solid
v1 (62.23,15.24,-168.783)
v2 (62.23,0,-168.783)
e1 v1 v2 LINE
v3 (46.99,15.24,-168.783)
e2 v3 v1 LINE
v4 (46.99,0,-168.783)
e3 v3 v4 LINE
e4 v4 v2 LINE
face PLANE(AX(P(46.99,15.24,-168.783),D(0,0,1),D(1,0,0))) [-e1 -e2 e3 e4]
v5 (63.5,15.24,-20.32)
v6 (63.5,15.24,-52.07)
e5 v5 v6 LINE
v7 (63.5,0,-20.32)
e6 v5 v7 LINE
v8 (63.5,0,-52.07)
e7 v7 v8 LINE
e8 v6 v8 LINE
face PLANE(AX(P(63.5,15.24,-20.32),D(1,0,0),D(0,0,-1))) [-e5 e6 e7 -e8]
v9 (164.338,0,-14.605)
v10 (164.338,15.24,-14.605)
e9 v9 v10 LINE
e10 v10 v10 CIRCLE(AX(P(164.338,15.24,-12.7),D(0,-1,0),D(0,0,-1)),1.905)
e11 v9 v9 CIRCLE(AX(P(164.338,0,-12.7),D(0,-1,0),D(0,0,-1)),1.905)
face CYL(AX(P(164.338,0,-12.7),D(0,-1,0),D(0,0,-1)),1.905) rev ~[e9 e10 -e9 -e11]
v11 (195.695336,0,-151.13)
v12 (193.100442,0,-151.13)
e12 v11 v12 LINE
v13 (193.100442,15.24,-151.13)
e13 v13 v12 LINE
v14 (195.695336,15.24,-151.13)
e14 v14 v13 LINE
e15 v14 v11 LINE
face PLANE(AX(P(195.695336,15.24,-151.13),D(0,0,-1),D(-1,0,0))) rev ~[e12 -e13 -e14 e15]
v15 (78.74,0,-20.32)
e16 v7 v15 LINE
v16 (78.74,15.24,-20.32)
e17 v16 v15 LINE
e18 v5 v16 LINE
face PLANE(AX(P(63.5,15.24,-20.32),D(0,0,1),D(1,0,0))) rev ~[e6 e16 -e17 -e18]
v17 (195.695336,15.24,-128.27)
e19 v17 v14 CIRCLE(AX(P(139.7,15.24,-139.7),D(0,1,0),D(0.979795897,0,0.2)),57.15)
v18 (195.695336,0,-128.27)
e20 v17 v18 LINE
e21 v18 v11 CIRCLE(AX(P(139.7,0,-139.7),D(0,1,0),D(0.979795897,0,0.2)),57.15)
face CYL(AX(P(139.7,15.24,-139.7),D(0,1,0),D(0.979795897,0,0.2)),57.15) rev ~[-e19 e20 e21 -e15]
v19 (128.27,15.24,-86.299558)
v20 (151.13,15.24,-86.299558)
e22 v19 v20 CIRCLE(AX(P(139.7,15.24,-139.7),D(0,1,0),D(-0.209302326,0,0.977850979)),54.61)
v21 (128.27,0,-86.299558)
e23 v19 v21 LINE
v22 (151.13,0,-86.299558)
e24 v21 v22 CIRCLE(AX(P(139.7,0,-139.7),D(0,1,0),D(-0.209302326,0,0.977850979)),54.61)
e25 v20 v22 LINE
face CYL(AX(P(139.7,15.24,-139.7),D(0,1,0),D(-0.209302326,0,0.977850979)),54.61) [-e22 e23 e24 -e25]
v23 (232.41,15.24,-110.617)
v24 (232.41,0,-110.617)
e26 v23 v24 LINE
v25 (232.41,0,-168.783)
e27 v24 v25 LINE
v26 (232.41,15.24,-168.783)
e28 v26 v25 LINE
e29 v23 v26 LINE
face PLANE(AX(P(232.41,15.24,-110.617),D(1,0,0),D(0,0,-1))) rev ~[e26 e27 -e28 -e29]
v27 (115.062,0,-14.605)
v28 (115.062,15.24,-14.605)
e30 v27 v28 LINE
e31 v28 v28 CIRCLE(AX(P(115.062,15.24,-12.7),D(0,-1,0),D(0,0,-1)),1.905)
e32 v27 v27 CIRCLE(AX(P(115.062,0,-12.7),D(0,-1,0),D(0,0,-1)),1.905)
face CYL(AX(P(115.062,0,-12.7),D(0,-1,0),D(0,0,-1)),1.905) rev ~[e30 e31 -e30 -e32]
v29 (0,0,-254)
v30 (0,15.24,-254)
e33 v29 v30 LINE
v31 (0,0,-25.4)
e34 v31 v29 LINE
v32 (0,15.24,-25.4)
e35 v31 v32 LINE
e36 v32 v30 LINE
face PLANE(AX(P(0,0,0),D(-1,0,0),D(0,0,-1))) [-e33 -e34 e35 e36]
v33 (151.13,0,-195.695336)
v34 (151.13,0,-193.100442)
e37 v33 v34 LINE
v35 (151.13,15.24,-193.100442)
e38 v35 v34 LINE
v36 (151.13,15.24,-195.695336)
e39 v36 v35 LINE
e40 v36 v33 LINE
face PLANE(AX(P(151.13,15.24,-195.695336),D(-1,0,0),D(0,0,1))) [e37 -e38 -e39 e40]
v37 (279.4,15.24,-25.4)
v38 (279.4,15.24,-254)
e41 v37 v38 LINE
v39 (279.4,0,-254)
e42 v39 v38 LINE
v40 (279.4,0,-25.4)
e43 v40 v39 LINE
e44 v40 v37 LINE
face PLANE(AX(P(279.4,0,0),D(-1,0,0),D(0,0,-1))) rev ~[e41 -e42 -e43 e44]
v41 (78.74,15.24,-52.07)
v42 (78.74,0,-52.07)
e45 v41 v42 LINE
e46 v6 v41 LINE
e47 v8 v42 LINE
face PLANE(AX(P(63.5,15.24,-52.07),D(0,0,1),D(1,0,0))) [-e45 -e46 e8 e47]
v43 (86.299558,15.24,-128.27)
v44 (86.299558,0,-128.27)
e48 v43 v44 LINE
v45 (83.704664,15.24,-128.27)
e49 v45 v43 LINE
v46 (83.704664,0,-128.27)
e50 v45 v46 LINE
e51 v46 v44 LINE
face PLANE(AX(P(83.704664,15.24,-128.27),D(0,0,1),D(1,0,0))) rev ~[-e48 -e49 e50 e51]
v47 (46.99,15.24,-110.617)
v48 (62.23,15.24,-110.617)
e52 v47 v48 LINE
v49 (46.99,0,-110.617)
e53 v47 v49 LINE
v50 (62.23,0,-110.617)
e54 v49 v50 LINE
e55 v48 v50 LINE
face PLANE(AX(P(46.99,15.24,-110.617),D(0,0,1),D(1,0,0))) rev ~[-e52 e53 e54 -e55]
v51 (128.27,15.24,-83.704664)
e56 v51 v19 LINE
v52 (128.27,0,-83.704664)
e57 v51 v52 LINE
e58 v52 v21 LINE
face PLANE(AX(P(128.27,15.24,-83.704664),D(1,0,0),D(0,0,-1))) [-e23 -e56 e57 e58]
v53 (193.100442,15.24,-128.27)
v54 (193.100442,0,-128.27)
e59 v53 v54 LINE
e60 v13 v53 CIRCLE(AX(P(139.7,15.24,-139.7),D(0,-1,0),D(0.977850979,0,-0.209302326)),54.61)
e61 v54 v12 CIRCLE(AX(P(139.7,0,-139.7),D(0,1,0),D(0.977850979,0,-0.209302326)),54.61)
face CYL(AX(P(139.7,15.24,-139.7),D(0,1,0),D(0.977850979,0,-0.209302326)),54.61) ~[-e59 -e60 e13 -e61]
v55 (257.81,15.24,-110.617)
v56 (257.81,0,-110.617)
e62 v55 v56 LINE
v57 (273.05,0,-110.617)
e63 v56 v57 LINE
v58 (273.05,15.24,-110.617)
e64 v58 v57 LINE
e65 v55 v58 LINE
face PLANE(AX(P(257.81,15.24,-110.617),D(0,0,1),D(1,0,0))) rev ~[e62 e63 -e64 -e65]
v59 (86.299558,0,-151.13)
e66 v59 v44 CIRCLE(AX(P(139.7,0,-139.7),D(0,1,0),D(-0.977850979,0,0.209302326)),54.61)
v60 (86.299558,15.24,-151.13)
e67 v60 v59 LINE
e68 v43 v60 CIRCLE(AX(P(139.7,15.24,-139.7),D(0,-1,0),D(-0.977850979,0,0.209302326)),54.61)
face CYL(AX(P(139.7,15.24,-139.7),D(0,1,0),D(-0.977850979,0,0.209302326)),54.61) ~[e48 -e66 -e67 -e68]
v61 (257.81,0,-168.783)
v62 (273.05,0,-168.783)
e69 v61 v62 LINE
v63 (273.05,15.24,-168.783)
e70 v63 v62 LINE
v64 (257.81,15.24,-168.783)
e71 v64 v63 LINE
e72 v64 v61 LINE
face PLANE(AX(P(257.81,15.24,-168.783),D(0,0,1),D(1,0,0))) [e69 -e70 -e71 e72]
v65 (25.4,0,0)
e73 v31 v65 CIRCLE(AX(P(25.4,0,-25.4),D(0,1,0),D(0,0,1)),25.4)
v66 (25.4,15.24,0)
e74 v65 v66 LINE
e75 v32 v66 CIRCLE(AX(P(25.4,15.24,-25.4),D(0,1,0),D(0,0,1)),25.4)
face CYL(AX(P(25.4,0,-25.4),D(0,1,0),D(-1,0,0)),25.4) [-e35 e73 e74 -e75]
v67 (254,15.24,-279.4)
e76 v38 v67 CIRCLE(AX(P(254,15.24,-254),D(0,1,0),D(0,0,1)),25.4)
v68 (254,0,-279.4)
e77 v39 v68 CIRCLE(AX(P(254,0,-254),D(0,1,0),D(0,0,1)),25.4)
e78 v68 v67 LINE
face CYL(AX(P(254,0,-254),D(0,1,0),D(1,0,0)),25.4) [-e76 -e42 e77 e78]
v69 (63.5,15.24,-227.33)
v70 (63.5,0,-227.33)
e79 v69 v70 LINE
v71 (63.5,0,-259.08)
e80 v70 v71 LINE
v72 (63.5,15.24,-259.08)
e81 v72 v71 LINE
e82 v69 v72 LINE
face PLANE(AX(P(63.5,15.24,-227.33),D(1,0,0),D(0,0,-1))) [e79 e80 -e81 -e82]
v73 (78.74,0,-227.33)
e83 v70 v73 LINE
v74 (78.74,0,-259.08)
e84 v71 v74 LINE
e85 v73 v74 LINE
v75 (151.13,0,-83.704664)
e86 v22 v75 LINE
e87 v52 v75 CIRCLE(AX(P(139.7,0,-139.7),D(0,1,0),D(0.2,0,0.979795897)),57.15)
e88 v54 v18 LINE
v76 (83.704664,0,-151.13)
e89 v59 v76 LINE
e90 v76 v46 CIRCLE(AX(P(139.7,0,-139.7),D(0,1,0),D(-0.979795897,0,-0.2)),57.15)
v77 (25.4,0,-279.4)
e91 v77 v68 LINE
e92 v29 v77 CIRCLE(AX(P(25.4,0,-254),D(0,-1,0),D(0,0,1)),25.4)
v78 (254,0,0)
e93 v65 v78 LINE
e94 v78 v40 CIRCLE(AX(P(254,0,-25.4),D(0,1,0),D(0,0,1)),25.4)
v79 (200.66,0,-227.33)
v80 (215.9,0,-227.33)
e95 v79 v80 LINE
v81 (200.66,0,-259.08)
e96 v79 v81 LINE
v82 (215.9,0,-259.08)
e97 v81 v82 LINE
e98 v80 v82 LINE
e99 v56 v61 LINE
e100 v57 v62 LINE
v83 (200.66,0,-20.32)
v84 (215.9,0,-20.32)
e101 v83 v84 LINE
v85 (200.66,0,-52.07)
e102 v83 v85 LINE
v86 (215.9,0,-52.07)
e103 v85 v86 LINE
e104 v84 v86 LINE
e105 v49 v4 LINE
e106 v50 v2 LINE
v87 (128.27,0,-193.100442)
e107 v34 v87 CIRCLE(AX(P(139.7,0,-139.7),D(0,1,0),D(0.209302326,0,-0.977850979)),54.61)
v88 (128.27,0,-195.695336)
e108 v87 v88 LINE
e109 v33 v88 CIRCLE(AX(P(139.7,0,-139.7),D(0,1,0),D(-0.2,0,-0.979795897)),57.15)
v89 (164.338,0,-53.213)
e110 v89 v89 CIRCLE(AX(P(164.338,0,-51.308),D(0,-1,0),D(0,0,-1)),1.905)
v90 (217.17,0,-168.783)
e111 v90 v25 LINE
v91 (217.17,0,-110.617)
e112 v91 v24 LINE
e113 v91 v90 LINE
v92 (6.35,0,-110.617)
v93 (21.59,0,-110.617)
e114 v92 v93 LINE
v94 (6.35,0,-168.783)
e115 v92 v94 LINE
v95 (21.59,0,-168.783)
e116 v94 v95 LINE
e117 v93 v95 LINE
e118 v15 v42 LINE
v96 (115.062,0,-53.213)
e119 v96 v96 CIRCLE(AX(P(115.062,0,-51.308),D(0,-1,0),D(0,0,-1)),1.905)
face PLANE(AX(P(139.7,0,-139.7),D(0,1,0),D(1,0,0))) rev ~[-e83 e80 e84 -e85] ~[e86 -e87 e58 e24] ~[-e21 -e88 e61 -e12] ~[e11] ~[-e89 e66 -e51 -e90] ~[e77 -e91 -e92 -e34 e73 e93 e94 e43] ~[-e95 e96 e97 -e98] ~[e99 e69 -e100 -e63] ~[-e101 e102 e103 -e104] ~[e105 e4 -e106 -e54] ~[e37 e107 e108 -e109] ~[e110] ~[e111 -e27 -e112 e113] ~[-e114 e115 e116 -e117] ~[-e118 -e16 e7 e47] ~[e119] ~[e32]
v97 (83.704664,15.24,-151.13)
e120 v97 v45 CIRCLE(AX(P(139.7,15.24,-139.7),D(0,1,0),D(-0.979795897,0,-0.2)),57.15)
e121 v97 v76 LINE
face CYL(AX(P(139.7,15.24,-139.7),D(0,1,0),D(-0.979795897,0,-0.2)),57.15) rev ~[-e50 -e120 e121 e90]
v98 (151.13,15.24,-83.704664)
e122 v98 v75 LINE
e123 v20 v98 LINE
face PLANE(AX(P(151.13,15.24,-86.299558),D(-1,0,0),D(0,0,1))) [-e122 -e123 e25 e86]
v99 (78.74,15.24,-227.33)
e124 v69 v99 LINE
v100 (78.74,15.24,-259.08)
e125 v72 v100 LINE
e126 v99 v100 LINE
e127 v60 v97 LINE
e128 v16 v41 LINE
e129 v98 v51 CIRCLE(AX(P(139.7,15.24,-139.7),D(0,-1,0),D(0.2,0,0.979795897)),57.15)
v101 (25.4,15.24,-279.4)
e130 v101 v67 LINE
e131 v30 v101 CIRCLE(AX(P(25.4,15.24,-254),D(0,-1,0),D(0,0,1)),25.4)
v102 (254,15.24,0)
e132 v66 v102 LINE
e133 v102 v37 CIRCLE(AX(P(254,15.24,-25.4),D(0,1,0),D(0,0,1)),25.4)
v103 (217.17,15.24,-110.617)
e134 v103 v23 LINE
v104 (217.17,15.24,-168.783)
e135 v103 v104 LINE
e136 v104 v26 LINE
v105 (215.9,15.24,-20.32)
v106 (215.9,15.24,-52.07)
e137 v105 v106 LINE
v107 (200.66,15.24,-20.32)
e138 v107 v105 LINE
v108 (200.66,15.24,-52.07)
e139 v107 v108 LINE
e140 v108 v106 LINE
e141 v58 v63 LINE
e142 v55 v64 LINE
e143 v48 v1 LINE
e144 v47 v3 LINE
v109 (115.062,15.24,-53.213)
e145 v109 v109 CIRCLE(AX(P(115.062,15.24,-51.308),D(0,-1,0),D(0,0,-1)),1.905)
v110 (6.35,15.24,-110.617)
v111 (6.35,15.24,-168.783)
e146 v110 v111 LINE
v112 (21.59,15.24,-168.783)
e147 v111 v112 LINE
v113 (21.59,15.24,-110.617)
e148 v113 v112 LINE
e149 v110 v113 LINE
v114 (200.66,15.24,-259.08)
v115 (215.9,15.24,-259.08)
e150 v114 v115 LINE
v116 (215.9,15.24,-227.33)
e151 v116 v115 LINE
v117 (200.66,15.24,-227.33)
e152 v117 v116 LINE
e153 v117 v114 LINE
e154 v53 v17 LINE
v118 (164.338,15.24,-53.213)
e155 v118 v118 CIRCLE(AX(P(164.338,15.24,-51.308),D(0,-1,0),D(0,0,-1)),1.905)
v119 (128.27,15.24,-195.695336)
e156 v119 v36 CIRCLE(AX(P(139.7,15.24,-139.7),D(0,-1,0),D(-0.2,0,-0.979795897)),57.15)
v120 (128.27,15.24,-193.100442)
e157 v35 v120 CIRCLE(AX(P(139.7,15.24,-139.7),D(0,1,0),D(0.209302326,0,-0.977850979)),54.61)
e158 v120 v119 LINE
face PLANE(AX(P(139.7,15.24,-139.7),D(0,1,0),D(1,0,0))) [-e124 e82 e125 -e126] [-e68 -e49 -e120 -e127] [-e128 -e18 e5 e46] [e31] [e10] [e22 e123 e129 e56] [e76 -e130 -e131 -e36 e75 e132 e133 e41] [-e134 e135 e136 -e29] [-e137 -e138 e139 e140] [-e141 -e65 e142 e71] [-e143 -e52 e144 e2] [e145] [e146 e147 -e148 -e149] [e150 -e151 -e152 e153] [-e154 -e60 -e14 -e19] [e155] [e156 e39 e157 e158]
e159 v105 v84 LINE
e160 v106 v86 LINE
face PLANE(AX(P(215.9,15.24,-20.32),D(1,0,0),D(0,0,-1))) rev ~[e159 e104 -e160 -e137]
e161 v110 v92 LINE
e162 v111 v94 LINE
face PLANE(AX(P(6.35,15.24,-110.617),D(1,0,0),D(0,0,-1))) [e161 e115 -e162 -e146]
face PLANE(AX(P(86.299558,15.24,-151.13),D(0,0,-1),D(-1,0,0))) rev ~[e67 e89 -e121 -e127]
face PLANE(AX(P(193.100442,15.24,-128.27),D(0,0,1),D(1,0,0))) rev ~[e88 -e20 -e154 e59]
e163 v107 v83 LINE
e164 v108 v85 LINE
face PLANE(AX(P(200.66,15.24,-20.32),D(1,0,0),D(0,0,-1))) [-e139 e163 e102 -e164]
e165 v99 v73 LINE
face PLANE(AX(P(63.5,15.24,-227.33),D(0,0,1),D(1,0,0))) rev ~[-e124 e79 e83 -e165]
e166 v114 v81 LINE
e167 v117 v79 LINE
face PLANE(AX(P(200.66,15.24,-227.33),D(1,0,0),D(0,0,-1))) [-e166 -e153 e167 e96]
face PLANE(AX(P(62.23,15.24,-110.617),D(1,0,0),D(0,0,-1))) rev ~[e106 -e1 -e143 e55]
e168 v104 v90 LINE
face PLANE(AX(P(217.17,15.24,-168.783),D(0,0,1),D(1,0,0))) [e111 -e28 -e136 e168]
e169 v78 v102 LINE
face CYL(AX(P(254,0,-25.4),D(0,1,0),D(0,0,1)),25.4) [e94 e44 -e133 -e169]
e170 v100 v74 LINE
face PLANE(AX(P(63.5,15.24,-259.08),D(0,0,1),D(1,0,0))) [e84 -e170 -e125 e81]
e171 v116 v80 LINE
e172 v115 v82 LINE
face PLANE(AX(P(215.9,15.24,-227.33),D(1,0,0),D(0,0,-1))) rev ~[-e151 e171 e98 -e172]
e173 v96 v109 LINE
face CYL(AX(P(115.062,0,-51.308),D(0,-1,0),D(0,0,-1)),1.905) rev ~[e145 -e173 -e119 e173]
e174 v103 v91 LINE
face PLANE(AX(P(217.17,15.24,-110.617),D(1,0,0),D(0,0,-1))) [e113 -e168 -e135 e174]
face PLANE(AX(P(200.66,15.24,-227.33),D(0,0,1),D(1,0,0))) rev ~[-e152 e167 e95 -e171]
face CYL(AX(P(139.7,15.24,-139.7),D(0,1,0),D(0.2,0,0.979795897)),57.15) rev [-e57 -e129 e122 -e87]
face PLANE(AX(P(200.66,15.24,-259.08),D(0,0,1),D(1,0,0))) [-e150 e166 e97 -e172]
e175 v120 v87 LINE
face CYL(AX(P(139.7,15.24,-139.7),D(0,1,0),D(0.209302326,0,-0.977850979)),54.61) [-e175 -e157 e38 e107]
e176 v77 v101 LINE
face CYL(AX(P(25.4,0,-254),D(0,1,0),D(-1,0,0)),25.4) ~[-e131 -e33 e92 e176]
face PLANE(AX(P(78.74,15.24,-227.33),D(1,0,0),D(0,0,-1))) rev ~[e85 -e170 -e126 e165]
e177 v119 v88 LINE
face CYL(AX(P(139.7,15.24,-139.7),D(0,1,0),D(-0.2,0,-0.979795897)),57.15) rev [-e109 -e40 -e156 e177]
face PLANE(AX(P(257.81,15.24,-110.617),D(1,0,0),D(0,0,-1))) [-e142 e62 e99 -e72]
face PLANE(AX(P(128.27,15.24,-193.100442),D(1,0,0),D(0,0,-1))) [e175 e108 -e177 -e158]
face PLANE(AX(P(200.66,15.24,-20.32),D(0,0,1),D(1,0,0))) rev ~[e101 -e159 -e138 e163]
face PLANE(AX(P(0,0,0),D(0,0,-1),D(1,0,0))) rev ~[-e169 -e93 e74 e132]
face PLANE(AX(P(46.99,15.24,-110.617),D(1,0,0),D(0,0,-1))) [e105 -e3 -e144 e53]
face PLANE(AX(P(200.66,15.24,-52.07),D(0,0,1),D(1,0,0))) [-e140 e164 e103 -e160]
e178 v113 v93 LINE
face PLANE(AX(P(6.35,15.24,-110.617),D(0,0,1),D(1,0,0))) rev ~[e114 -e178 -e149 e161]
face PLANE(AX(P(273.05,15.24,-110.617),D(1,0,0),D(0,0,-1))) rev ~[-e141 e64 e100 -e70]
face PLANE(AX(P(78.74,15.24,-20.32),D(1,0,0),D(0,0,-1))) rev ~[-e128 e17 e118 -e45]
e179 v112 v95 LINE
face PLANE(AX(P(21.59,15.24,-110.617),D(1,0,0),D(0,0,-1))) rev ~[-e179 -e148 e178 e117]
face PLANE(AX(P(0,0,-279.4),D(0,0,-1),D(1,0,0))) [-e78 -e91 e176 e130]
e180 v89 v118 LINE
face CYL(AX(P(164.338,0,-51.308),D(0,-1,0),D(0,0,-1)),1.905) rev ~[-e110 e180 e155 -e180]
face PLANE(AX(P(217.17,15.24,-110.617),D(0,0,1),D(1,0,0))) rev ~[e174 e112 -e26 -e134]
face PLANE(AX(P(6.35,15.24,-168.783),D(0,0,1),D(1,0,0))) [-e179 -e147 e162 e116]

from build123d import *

# Parameters (mm, degrees)
SKETCH1_W           = 279.4
SKETCH1_H           = 279.4
BOSS_EXTRUDE1_DEPTH = 15.24
FILLET1_R           = 25.4
SKETCH2_W           = 15.24
SKETCH2_H           = 31.75
CUT_EXTRUDE1_DEPTH  = 396.425059398
SKETCH3_W           = 15.24
SKETCH3_H           = 58.166
CUT_EXTRUDE2_DEPTH  = 396.425059398
SKETCH5_R           = 1.905
CUT_EXTRUDE4_DEPTH  = 396.425059398
CUT_EXTRUDE5_DEPTH  = 396.425059398


with BuildPart() as part:
    # Sketch1 → Boss-Extrude1 (new body)
    with BuildSketch(Plane(origin=(0, 0, 0), x_dir=(1, 0, 0), z_dir=(0, 1, 0))):
        with Locations((139.7, 139.7)):
            Rectangle(SKETCH1_W, SKETCH1_H)
    extrude(amount=BOSS_EXTRUDE1_DEPTH)

    # Fillet1
    fillet1_edges = [part.edges().sort_by_distance(p)[0] for p in [
        (0, 7.62, -279.4),
        (279.4, 7.62, -279.4),
        (279.4, 7.62, 0),
        (0, 7.62, 0),
    ]]
    fillet(fillet1_edges, radius=FILLET1_R)

    # Sketch2 → Cut-Extrude1 (cut, through all)
    with BuildSketch(Plane(origin=(0, 15.24, 0), x_dir=(1, 0, 0), z_dir=(0, 1, 0))):
        with Locations((71.12, 243.205)):
            Rectangle(SKETCH2_W, SKETCH2_H)
        with Locations((208.28, 243.205)):
            Rectangle(SKETCH2_W, SKETCH2_H)
        with Locations((71.12, 36.195)):
            Rectangle(SKETCH2_W, SKETCH2_H)
        with Locations((208.28, 36.195)):
            Rectangle(SKETCH2_W, SKETCH2_H)
    extrude(amount=-CUT_EXTRUDE1_DEPTH, mode=Mode.SUBTRACT)

    # Sketch3 → Cut-Extrude2 (cut, through all)
    with BuildSketch(Plane(origin=(0, 15.24, 0), x_dir=(1, 0, 0), z_dir=(0, 1, 0))):
        with Locations((13.97, 139.7)):
            Rectangle(SKETCH3_W, SKETCH3_H)
        with Locations((265.43, 139.7)):
            Rectangle(SKETCH3_W, SKETCH3_H)
        with Locations((54.61, 139.7)):
            Rectangle(SKETCH3_W, SKETCH3_H)
        with Locations((224.79, 139.7)):
            Rectangle(SKETCH3_W, SKETCH3_H)
    extrude(amount=-CUT_EXTRUDE2_DEPTH, mode=Mode.SUBTRACT)

    # Sketch5 → Cut-Extrude4 (cut, through all)
    with BuildSketch(Plane.XZ):
        with Locations(Location((115.062, -12.7, 0), (0, 0, 270))):
            Circle(SKETCH5_R)
        with Locations(Location((164.338, -12.7, 0), (0, 0, 270))):
            Circle(SKETCH5_R)
        with Locations(Location((164.338, -51.308, 0), (0, 0, 270))):
            Circle(SKETCH5_R)
        with Locations(Location((115.062, -51.308, 0), (0, 0, 270))):
            Circle(SKETCH5_R)
    extrude(amount=-CUT_EXTRUDE4_DEPTH, mode=Mode.SUBTRACT)

    # Sketch6 → Cut-Extrude5 (cut, through all)
    with BuildSketch(Plane(origin=(0, 15.24, 0), x_dir=(1, 0, 0), z_dir=(0, 1, 0))):
        with BuildLine():
            Line((83.70466448, 128.27), (86.299558054, 128.27))
            ThreePointArc((86.299558054, 128.27), (85.09, 139.7), (86.299558054, 151.13))
            Line((86.299558054, 151.13), (83.70466448, 151.13))
            ThreePointArc((83.70466448, 151.13), (82.55, 139.7), (83.70466448, 128.27))
        make_face()
        with BuildLine():
            Line((128.27, 193.100441946), (128.27, 195.69533552))
            ThreePointArc((128.27, 195.69533552), (139.7, 196.85), (151.13, 195.69533552))
            Line((151.13, 195.69533552), (151.13, 193.100441946))
            ThreePointArc((151.13, 193.100441946), (139.7, 194.31), (128.27, 193.100441946))
        make_face()
        with BuildLine():
            Line((193.100441946, 128.27), (195.69533552, 128.27))
            ThreePointArc((195.69533552, 128.27), (196.85, 139.7), (195.69533552, 151.13))
            Line((195.69533552, 151.13), (193.100441946, 151.13))
            ThreePointArc((193.100441946, 151.13), (194.31, 139.7), (193.100441946, 128.27))
        make_face()
        with BuildLine():
            Line((151.13, 86.299558054), (151.13, 83.70466448))
            ThreePointArc((151.13, 83.70466448), (139.7, 82.55), (128.27, 83.70466448))
            Line((128.27, 83.70466448), (128.27, 86.299558054))
            ThreePointArc((128.27, 86.299558054), (139.7, 85.09), (151.13, 86.299558054))
        make_face()
    extrude(amount=-CUT_EXTRUDE5_DEPTH, mode=Mode.SUBTRACT)


solid = part.part
